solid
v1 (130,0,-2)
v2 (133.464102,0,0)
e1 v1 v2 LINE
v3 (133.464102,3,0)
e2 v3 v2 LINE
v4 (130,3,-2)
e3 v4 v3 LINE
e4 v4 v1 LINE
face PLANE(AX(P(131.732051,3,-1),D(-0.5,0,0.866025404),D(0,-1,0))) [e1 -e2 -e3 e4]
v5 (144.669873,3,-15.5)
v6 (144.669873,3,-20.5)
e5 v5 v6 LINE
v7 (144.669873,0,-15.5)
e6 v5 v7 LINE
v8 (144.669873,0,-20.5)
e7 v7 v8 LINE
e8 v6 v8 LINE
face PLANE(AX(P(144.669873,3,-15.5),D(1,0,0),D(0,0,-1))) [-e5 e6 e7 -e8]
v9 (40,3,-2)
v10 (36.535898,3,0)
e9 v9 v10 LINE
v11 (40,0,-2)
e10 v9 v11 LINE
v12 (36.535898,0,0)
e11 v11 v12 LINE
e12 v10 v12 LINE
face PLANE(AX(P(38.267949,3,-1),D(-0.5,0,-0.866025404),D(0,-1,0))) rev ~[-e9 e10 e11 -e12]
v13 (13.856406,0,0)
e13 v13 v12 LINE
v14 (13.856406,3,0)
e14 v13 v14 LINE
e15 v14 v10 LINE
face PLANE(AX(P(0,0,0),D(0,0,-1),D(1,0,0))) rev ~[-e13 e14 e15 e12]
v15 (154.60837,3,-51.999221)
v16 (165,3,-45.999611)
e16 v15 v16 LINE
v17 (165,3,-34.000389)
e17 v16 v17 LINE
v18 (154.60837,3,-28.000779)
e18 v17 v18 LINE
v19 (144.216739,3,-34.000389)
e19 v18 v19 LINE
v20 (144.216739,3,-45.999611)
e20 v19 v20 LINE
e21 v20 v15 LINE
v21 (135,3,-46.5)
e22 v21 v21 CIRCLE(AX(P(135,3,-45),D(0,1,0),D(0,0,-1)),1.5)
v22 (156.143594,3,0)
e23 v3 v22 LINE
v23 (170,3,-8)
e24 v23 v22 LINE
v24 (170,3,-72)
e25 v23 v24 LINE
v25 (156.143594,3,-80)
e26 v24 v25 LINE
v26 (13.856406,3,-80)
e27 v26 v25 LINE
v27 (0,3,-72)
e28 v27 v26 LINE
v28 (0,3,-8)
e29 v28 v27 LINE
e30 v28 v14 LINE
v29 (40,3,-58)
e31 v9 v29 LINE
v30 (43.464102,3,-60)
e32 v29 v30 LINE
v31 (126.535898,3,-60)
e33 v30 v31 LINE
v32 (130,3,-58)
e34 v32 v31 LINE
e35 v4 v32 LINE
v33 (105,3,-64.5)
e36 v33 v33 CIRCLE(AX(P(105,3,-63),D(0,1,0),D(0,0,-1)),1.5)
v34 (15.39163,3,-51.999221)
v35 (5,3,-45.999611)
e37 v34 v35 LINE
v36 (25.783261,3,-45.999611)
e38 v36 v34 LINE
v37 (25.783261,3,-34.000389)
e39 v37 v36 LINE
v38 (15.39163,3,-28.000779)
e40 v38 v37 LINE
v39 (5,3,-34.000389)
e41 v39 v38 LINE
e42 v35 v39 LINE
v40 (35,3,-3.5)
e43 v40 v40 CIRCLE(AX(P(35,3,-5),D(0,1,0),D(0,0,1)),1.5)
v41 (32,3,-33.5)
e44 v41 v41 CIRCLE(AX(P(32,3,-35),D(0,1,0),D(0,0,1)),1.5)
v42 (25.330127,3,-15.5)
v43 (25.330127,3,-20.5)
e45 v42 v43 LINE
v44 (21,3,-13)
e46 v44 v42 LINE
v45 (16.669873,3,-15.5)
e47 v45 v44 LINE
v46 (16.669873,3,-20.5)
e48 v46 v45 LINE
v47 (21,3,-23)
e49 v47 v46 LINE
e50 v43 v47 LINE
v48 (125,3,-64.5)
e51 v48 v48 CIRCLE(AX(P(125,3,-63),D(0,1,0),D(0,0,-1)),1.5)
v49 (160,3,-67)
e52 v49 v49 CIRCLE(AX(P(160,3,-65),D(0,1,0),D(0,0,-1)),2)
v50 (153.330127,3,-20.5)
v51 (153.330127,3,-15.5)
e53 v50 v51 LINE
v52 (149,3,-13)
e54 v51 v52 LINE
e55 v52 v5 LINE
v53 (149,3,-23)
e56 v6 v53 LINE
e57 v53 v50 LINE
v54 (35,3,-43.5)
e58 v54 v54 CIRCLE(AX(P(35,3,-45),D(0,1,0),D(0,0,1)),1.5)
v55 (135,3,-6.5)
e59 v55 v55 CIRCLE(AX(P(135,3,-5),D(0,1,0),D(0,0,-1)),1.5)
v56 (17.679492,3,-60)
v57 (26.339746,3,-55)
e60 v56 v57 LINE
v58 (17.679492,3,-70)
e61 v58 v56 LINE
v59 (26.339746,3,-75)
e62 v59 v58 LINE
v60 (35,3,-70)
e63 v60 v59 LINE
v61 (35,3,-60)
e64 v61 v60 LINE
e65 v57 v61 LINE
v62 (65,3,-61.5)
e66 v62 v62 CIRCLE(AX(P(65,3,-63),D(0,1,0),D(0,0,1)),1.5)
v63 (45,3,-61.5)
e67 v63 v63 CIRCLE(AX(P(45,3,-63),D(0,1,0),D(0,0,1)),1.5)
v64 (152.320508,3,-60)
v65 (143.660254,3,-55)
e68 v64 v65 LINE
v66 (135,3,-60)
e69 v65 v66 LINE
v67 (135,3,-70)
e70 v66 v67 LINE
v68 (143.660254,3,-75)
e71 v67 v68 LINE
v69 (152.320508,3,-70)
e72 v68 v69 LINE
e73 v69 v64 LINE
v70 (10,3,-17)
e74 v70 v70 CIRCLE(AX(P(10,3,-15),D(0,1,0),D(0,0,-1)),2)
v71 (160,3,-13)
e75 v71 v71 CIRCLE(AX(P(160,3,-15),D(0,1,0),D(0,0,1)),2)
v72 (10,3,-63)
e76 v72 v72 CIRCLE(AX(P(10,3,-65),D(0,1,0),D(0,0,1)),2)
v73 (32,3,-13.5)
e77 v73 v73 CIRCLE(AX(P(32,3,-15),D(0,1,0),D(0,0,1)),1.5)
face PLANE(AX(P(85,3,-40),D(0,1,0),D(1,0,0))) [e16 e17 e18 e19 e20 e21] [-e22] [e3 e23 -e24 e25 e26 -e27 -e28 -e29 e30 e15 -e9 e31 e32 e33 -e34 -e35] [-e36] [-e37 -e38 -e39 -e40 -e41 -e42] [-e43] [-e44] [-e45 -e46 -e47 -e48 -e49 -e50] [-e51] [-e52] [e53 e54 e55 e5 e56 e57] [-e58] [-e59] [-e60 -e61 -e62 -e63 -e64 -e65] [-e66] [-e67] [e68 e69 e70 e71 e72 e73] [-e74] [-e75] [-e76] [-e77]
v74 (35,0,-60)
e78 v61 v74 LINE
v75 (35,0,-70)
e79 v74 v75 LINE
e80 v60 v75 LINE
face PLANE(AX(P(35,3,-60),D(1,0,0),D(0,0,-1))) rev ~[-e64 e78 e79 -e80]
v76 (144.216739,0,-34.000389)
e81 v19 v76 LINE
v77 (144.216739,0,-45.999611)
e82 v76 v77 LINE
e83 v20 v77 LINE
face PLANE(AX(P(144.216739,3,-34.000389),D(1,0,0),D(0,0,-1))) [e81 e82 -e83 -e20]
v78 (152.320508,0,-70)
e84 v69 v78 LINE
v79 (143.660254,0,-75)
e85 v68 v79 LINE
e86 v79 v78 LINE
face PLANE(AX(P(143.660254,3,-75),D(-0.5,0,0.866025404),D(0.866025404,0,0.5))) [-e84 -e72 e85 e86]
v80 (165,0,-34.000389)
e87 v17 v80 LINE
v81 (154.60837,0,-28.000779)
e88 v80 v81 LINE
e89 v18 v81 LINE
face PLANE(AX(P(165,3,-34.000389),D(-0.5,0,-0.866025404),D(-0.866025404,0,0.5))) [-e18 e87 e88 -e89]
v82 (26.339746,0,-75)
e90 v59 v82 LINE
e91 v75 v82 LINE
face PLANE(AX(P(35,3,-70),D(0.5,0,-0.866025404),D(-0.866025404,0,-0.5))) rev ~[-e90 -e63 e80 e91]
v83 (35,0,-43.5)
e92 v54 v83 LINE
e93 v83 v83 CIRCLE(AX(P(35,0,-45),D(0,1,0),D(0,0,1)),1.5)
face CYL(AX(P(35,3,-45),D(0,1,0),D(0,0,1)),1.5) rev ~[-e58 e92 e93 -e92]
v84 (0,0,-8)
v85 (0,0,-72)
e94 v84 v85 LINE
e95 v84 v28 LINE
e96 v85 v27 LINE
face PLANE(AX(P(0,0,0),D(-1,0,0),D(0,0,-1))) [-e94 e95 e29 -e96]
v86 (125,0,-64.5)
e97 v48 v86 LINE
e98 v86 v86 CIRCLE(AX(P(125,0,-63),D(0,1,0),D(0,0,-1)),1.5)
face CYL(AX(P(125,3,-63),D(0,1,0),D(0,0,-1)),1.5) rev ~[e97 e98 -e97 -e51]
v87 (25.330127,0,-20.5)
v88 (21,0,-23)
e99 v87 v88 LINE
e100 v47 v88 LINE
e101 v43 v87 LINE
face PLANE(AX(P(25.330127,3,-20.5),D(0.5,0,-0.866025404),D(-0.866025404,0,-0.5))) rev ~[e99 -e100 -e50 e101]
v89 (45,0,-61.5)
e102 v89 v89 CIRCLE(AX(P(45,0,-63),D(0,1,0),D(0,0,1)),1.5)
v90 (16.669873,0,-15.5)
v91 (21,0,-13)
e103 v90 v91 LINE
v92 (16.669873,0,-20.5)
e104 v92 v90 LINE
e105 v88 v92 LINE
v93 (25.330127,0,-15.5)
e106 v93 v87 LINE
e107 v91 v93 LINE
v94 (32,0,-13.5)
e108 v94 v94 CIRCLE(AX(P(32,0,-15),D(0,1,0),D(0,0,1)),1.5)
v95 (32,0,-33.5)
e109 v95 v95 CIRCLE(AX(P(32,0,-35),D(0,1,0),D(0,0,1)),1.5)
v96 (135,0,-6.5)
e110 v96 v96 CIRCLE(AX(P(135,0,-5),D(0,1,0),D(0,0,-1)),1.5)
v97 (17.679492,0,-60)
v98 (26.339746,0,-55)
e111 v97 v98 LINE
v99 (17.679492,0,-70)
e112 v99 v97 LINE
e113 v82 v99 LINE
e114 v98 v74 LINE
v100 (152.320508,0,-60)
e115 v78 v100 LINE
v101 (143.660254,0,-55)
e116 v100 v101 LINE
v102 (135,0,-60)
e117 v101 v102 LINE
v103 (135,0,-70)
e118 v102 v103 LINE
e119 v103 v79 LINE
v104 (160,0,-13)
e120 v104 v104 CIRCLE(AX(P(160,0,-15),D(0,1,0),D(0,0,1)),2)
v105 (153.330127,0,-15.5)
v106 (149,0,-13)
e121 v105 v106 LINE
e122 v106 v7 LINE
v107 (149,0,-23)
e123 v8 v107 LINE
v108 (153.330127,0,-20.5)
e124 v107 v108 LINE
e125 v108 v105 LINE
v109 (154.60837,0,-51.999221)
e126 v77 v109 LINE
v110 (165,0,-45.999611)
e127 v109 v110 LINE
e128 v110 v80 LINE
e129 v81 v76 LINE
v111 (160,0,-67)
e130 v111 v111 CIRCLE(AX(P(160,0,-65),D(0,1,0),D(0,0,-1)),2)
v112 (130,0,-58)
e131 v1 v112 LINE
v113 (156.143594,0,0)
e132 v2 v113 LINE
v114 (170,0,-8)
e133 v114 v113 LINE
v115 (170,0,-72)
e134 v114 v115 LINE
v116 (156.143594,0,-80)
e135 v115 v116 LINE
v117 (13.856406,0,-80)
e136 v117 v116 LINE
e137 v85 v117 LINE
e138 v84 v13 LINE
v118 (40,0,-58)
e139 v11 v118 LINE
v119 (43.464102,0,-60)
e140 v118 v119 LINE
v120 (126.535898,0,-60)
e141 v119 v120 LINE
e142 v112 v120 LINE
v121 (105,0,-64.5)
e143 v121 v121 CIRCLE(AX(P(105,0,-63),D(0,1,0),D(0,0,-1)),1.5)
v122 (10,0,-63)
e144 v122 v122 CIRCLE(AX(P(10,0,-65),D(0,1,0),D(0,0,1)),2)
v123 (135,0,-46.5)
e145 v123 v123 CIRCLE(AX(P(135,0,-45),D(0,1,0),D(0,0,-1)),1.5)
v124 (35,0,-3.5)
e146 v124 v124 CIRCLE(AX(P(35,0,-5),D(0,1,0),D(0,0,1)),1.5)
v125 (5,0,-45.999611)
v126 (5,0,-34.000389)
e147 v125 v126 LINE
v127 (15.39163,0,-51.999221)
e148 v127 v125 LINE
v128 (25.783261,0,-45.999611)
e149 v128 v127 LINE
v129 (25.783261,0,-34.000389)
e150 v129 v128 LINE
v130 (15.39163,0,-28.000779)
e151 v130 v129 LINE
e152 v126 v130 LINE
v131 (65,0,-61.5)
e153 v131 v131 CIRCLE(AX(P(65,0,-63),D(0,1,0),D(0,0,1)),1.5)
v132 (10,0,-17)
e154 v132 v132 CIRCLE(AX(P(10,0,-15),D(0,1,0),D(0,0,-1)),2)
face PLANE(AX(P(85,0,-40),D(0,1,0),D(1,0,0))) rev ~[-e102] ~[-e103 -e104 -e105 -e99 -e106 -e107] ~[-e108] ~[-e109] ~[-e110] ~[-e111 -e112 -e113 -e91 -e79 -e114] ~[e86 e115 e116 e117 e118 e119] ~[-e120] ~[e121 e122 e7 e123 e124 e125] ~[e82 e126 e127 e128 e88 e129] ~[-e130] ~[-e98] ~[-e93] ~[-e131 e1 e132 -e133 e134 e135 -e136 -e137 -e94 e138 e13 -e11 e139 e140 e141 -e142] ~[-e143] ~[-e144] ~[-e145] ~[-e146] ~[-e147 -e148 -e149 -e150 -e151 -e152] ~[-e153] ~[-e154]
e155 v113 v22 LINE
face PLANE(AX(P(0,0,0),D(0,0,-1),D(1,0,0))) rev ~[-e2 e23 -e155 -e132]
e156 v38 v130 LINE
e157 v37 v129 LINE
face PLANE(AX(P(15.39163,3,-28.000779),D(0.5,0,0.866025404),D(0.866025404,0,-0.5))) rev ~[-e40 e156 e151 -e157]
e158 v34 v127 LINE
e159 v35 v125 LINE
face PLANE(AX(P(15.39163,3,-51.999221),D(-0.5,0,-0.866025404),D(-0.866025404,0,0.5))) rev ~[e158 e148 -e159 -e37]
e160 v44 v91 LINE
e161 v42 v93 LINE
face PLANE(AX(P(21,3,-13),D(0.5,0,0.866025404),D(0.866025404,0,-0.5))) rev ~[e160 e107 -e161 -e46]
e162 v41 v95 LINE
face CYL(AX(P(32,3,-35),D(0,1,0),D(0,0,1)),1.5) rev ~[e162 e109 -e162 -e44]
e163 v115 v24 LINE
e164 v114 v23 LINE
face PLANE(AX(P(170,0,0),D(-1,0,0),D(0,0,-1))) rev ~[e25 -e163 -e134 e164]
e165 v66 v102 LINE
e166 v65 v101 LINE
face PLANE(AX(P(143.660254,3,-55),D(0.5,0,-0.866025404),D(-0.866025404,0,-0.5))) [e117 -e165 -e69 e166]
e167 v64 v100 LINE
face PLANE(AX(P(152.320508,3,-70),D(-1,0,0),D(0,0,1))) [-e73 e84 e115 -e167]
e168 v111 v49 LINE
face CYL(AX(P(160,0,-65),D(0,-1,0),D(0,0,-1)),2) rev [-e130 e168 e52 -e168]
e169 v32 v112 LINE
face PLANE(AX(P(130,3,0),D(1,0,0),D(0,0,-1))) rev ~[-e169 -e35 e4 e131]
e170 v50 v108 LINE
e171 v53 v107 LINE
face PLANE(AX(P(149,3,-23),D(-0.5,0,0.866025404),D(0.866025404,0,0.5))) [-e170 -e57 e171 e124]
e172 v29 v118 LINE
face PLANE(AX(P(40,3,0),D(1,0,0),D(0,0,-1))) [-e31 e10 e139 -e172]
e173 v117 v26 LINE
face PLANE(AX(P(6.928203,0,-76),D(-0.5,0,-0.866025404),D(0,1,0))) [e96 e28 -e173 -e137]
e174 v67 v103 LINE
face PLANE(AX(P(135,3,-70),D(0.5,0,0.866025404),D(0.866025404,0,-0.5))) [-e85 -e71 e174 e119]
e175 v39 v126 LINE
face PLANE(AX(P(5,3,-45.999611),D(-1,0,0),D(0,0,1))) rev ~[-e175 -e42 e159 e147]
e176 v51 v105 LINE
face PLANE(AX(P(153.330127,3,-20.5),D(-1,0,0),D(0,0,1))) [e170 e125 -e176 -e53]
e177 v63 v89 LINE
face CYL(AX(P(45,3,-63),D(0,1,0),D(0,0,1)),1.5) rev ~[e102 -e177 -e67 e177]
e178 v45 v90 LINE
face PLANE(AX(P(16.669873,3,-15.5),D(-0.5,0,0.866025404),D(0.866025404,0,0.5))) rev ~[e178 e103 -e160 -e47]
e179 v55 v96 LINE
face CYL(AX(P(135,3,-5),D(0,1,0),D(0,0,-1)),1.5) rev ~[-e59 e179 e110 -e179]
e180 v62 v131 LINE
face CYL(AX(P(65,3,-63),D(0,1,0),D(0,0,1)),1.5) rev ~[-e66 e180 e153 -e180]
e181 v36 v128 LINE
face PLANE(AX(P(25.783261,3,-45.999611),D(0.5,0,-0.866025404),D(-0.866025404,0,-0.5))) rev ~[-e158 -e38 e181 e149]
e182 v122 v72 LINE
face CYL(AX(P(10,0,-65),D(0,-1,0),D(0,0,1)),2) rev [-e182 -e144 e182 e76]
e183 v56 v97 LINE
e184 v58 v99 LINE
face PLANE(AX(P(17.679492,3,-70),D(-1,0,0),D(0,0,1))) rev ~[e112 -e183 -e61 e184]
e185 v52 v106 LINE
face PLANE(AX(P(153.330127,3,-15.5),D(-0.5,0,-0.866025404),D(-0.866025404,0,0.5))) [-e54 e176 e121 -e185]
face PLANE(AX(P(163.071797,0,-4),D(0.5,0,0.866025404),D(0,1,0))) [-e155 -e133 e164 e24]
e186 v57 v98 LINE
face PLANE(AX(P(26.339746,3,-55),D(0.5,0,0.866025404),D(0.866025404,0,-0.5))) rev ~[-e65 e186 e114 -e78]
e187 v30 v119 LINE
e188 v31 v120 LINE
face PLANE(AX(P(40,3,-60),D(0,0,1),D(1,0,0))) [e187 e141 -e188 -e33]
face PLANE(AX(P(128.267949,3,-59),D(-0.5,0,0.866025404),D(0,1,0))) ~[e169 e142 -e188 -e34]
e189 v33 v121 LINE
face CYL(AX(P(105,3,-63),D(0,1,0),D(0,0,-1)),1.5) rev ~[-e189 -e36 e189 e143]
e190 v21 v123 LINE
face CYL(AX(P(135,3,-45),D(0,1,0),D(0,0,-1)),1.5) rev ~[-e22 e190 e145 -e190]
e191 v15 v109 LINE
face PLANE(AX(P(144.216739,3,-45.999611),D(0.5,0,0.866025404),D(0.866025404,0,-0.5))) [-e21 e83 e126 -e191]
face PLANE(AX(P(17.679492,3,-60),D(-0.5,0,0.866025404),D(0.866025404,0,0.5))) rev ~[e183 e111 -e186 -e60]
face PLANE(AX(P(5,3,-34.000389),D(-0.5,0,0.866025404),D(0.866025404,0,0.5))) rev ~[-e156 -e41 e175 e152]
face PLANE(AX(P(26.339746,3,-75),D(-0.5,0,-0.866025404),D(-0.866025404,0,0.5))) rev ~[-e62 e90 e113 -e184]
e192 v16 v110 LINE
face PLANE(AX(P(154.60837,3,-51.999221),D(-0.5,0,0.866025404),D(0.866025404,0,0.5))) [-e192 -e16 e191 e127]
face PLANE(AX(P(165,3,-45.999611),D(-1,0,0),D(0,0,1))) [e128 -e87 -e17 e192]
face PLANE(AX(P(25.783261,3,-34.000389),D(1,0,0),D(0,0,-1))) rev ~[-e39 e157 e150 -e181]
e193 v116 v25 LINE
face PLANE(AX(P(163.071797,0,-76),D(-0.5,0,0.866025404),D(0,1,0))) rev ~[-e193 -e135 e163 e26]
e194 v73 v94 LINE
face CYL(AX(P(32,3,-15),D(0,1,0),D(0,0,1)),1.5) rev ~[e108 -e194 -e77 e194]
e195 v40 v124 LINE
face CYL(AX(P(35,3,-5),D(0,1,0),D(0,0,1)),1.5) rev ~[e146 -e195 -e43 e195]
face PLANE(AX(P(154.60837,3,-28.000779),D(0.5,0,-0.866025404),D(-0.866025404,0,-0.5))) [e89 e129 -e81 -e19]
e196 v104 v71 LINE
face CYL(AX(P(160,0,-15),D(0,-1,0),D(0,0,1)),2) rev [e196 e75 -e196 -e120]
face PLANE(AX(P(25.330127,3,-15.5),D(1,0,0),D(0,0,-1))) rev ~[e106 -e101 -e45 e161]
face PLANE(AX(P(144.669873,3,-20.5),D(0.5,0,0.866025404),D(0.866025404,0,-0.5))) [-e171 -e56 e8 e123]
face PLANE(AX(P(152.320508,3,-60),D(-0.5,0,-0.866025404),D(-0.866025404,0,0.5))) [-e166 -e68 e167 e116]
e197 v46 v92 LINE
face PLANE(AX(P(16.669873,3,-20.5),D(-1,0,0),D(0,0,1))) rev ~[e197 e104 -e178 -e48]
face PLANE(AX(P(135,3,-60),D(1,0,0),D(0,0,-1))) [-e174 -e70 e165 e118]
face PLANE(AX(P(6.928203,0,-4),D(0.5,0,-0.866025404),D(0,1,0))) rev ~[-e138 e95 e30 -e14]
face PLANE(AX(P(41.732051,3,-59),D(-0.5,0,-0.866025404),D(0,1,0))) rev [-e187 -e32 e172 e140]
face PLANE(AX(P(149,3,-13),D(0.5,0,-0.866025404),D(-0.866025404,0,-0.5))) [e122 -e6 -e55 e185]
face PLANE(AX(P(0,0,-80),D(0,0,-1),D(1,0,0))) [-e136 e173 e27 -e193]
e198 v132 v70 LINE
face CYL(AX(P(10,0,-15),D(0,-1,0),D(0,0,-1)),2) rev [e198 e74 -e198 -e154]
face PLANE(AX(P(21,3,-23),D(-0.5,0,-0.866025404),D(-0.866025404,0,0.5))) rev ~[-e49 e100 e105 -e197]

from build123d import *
from OCP.BRepFilletAPI import BRepFilletAPI_MakeChamfer

# Parameters (mm, degrees)
SKETCH_1_W          = 170
SKETCH_1_H          = 80
SKETCH_1_R          = 2
EXTRUDE_1_DEPTH     = 3
SKETCH_2_R          = 1.5
SKETCH_2_W          = 90
SKETCH_2_H          = 60
CUT_EXTRUDE_1_DEPTH = 188.906891837
SKETCH_3_R          = 1.5
CUT_EXTRUDE_2_DEPTH = 5
CUT_EXTRUDE_3_DEPTH = 10
CHAMFER_1_SIZE      = 2
CHAMFER_1_SIZE2     = 3.464101615
CHAMFER_2_SIZE      = 8
CHAMFER_2_SIZE2     = 13.856406461


with BuildPart() as part:
    # 草图1 → 凸台-拉伸1 (new body)
    with BuildSketch(Plane(origin=(0, 0, 0), x_dir=(1, 0, 0), z_dir=(0, 1, 0))):
        with Locations((85, 40)):
            Rectangle(SKETCH_1_W, SKETCH_1_H)
        with Locations(Location((10, 65, 0), (0, 0, 270))):
            Circle(SKETCH_1_R, mode=Mode.SUBTRACT)
        with Locations(Location((10, 15, 0), (0, 0, 90))):
            Circle(SKETCH_1_R, mode=Mode.SUBTRACT)
        with Locations(Location((160, 15, 0), (0, 0, 270))):
            Circle(SKETCH_1_R, mode=Mode.SUBTRACT)
        with Locations(Location((160, 65, 0), (0, 0, 90))):
            Circle(SKETCH_1_R, mode=Mode.SUBTRACT)
    extrude(amount=EXTRUDE_1_DEPTH)

    # 草图2 → 切除-拉伸1 (cut, through all)
    with BuildSketch(Plane(origin=(0, 3, 0), x_dir=(1, 0, 0), z_dir=(0, 1, 0))):
        with Locations(Location((35, 45, 0), (0, 0, 270))):
            Circle(SKETCH_2_R)
        with Locations(Location((35, 5, 0), (0, 0, 270))):
            Circle(SKETCH_2_R)
        with Locations(Location((135, 5, 0), (0, 0, 90))):
            Circle(SKETCH_2_R)
        with Locations(Location((135, 45, 0), (0, 0, 90))):
            Circle(SKETCH_2_R)
        with Locations(Location((45, 63, 0), (0, 0, 270))):
            Circle(SKETCH_2_R)
        with Locations(Location((65, 63, 0), (0, 0, 270))):
            Circle(SKETCH_2_R)
        with Locations(Location((105, 63, 0), (0, 0, 90))):
            Circle(SKETCH_2_R)
        with Locations(Location((125, 63, 0), (0, 0, 90))):
            Circle(SKETCH_2_R)
        with Locations((85, 30)):
            Rectangle(SKETCH_2_W, SKETCH_2_H)
    extrude(amount=-CUT_EXTRUDE_1_DEPTH, mode=Mode.SUBTRACT)

    # 草图3 → 切除-拉伸2 (cut)
    with BuildSketch(Plane(origin=(0, 3, 0), x_dir=(1, 0, 0), z_dir=(0, 1, 0))):
        with Locations(Location((32, 15, 0), (0, 0, 270))):
            Circle(SKETCH_3_R)
        with Locations(Location((32, 35, 0), (0, 0, 270))):
            Circle(SKETCH_3_R)
    extrude(amount=-CUT_EXTRUDE_2_DEPTH, mode=Mode.SUBTRACT)

    # 草图5 → 切除-拉伸3 (cut)
    with BuildSketch(Plane(origin=(0, 3, 0), x_dir=(1, 0, 0), z_dir=(0, 1, 0))):
        Polygon((15.391630359, 28.000778829), (25.783260719, 34.000389415), (25.783260719, 45.999610585), (15.391630359, 51.999221171), (5, 45.999610585), (5, 34.000389415), align=None)
        Polygon((35, 60), (35, 70), (26.339745962, 75), (17.679491924, 70), (17.679491924, 60), (26.339745962, 55), align=None)
        Polygon((21, 13), (25.330127019, 15.5), (25.330127019, 20.5), (21, 23), (16.669872981, 20.5), (16.669872981, 15.5), align=None)
        Polygon((153.330127019, 15.5), (149, 13), (144.669872981, 15.5), (144.669872981, 20.5), (149, 23), (153.330127019, 20.5), align=None)
        Polygon((143.660254038, 55), (135, 60), (135, 70), (143.660254038, 75), (152.320508076, 70), (152.320508076, 60), align=None)
        Polygon((165, 34.000389415), (154.608369641, 28.000778829), (144.216739281, 34.000389415), (144.216739281, 45.999610585), (154.608369641, 51.999221171), (165, 45.999610585), align=None)
    extrude(amount=-CUT_EXTRUDE_3_DEPTH, mode=Mode.SUBTRACT)

    # 倒角1: one chamfer whose edges measure the first distance from different faces: ONE call of the kernel's chamfer builder (chamfer() names one face for all edges)
    chamfer_1_edges_1 = [part.edges().sort_by_distance(p)[0] for p in [
        (40, 1.5, 0),
        (40, 1.5, -60),
    ]]
    chamfer_1_side_1 = [part.faces().sort_by_distance(p)[0] for p in [
        (40, 1.5, -30),
    ]]
    chamfer_1_edges_2 = [part.edges().sort_by_distance(p)[0] for p in [
        (130, 1.5, -60),
        (130, 1.5, 0),
    ]]
    chamfer_1_side_2 = [part.faces().sort_by_distance(p)[0] for p in [
        (130, 1.5, -30),
    ]]
    chamfer_1 = BRepFilletAPI_MakeChamfer(part.part.solid().wrapped)
    for e in chamfer_1_edges_1:
        chamfer_1.Add(CHAMFER_1_SIZE, CHAMFER_1_SIZE2, e.wrapped, chamfer_1_side_1[0].wrapped)  # the first distance lies on this face
    for e in chamfer_1_edges_2:
        chamfer_1.Add(CHAMFER_1_SIZE, CHAMFER_1_SIZE2, e.wrapped, chamfer_1_side_2[0].wrapped)  # the first distance lies on this face
    add(Compound.cast(chamfer_1.Shape()), mode=Mode.REPLACE)

    # 倒角2: one chamfer whose edges measure the first distance from different faces: ONE call of the kernel's chamfer builder (chamfer() names one face for all edges)
    chamfer_2_edges_1 = [part.edges().sort_by_distance(p)[0] for p in [
        (0, 1.5, -80),
        (0, 1.5, 0),
    ]]
    chamfer_2_side_1 = [part.faces().sort_by_distance(p)[0] for p in [
        (0, 1.5, -40),
    ]]
    chamfer_2_edges_2 = [part.edges().sort_by_distance(p)[0] for p in [
        (170, 1.5, -80),
        (170, 1.5, 0),
    ]]
    chamfer_2_side_2 = [part.faces().sort_by_distance(p)[0] for p in [
        (170, 1.5, -40),
    ]]
    chamfer_2 = BRepFilletAPI_MakeChamfer(part.part.solid().wrapped)
    for e in chamfer_2_edges_1:
        chamfer_2.Add(CHAMFER_2_SIZE, CHAMFER_2_SIZE2, e.wrapped, chamfer_2_side_1[0].wrapped)  # the first distance lies on this face
    for e in chamfer_2_edges_2:
        chamfer_2.Add(CHAMFER_2_SIZE, CHAMFER_2_SIZE2, e.wrapped, chamfer_2_side_2[0].wrapped)  # the first distance lies on this face
    add(Compound.cast(chamfer_2.Shape()), mode=Mode.REPLACE)


solid = part.part
